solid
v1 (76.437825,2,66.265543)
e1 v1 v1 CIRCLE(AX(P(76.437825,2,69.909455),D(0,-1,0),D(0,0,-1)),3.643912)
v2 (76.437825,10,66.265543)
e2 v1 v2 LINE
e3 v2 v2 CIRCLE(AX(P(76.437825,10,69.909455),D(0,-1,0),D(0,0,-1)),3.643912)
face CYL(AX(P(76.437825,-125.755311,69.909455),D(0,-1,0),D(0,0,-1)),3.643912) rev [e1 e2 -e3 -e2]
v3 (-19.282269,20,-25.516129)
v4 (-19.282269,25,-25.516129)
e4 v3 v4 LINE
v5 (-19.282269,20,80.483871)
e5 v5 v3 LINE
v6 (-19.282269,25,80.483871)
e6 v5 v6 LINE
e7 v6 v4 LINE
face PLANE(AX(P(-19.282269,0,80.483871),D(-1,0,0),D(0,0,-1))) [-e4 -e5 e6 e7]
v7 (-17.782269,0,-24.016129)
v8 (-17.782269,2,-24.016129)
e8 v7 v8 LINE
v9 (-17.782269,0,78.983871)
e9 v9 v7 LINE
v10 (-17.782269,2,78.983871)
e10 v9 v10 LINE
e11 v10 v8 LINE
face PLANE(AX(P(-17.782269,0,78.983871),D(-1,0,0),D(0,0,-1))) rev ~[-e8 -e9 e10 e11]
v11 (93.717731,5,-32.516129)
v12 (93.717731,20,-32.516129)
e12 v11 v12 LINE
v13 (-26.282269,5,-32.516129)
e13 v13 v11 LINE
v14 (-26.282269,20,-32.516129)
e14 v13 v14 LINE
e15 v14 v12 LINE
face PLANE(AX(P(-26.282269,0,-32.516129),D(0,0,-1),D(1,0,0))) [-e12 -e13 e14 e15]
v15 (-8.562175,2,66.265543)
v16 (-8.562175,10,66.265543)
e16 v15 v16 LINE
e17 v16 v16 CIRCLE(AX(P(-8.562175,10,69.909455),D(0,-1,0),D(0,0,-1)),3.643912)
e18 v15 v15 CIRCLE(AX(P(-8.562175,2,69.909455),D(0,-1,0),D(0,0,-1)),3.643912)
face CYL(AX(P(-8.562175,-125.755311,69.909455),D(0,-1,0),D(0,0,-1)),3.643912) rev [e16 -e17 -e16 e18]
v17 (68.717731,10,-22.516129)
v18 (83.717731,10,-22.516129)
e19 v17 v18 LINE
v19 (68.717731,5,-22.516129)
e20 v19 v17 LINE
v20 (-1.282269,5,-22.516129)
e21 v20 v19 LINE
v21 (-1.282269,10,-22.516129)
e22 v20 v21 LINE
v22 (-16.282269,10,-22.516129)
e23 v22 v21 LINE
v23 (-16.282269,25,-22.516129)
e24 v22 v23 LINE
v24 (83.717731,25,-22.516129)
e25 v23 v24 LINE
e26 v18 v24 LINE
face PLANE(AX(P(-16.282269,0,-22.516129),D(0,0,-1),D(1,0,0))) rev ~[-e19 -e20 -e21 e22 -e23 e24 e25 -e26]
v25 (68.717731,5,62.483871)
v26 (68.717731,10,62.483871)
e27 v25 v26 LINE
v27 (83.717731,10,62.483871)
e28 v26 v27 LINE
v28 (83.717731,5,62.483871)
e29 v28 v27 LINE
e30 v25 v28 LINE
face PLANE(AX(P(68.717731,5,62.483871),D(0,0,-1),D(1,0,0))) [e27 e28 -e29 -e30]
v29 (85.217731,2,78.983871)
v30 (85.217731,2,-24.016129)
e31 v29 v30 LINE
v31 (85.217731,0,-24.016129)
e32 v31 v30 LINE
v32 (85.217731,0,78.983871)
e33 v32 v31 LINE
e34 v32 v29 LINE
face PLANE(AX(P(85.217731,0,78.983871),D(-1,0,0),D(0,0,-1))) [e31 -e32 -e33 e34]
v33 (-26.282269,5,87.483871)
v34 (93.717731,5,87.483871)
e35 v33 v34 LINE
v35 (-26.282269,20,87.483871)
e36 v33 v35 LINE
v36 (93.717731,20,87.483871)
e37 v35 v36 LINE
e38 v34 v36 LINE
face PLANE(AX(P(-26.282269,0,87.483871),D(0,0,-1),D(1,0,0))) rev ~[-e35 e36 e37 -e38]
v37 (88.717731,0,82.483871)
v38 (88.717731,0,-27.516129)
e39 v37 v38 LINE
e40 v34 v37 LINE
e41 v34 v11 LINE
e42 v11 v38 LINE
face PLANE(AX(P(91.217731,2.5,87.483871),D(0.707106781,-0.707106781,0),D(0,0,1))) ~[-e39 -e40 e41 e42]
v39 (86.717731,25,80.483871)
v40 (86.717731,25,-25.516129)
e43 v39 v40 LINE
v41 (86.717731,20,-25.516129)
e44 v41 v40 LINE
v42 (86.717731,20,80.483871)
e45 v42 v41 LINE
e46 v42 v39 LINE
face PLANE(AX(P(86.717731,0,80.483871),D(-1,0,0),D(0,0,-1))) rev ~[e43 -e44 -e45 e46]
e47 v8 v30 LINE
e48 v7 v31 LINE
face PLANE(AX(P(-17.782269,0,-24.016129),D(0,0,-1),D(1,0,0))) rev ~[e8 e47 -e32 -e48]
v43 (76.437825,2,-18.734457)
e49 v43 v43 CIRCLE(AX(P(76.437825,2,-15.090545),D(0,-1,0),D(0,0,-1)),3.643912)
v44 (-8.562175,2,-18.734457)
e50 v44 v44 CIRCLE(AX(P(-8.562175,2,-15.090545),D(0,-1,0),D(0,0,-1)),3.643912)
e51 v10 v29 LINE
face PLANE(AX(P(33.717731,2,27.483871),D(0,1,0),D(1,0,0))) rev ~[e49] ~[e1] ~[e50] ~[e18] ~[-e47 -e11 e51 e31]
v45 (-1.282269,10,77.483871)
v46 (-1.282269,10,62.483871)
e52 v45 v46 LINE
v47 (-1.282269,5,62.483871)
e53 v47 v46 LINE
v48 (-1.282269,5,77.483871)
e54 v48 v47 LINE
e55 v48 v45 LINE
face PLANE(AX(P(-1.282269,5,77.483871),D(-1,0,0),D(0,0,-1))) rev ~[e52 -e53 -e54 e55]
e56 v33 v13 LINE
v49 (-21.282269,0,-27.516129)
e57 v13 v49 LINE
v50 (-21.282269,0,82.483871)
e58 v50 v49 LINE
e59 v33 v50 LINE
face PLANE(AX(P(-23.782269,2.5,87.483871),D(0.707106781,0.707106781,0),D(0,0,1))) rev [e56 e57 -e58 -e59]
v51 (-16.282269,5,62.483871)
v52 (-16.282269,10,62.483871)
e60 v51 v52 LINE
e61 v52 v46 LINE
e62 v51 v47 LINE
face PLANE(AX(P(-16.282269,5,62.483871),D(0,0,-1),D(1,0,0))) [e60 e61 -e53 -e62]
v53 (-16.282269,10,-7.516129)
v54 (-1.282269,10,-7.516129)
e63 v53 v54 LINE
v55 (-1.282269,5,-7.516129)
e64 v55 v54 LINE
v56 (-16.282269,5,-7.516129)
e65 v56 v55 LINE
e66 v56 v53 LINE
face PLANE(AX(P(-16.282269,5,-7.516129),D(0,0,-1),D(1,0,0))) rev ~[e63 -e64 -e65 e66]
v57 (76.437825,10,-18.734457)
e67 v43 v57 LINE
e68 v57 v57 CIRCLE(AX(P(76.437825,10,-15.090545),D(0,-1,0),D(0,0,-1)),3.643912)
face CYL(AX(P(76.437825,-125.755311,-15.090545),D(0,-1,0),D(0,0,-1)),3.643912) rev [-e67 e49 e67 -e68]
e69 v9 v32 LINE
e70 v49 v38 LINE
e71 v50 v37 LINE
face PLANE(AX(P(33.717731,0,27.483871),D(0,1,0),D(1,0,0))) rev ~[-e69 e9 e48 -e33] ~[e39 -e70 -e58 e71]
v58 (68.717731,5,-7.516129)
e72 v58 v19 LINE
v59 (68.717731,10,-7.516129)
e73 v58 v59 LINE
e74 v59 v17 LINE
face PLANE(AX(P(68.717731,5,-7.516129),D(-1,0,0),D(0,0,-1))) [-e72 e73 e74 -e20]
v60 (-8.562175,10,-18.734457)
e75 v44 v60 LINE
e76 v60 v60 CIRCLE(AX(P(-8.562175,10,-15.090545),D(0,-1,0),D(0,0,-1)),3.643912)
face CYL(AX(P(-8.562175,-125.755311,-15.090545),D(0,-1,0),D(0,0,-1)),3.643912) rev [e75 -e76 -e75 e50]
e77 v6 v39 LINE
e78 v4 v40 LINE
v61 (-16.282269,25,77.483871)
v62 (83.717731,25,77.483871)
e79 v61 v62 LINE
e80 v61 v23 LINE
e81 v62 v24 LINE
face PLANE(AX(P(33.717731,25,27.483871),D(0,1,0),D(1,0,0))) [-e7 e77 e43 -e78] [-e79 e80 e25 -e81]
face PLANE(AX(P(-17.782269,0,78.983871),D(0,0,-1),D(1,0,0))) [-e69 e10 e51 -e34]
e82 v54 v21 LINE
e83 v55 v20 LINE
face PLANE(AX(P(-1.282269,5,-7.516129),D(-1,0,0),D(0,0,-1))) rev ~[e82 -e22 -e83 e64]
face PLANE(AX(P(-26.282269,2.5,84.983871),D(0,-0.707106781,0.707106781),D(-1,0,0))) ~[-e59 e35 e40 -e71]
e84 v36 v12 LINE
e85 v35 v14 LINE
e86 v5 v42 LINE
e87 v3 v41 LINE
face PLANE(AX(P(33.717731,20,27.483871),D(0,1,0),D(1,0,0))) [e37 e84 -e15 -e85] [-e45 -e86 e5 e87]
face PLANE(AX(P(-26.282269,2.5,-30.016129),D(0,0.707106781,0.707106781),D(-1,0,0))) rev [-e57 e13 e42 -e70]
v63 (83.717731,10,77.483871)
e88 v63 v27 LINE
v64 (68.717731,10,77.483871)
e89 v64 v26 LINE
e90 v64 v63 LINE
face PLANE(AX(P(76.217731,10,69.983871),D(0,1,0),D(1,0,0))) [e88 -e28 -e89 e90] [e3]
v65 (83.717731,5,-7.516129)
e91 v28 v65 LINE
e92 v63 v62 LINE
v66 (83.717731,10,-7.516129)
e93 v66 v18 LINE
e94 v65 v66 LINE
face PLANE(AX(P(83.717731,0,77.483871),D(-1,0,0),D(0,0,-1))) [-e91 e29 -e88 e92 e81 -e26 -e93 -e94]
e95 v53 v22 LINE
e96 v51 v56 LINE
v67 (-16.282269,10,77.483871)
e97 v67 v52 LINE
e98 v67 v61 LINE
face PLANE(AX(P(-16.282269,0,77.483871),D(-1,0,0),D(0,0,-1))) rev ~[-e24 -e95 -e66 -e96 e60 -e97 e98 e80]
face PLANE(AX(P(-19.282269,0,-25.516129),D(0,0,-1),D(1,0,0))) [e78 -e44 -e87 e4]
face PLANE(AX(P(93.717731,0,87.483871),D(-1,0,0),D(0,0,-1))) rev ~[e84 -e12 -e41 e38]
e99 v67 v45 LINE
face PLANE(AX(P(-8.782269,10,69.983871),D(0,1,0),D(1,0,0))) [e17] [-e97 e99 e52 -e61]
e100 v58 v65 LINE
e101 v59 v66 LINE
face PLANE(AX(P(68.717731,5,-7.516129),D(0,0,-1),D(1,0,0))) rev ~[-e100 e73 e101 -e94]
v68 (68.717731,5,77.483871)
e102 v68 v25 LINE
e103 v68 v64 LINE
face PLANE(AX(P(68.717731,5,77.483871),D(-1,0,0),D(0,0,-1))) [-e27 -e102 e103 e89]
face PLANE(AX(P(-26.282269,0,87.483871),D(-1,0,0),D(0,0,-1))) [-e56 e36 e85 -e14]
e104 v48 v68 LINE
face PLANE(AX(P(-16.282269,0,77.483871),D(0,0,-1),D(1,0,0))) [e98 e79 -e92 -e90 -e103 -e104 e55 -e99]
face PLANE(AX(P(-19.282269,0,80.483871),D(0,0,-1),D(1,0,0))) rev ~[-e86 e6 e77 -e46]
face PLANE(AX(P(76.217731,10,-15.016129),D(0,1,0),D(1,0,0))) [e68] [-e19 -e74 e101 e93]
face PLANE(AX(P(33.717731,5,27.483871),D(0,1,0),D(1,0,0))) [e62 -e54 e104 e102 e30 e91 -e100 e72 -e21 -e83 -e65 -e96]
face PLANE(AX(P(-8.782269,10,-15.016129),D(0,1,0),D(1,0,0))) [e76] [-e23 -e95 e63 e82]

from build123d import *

# Parameters (mm, degrees)
SKETCH1_W               = 120
SKETCH1_H               = 120
SKETCH1_W_2             = 106
SKETCH1_H_2             = 106
BOSS_EXTRUDE1_DEPTH     = 20
SKETCH1_4_W             = 106
SKETCH1_4_H             = 106
SKETCH1_4_W_2           = 100
SKETCH1_4_H_2           = 100
BOSS_EXTRUDE2_DEPTH     = 25
SKETCH1_5_W             = 100
SKETCH1_5_H             = 100
BOSS_EXTRUDE3_DEPTH     = 5
SKETCH1_7_W             = 103
SKETCH1_7_H             = 103
CUT_EXTRUDE1_DEPTH      = 2
SKETCH2_W               = 15
SKETCH2_H               = 15
BOSS_EXTRUDE5_DEPTH     = 5
CUT_EXTRUDE7_DEPTH      = 112
CUT_EXTRUDE7_DEPTH_BACK = 130.755311173
SKETCH8_R               = 3.643912303
CHAMFER1_SIZE           = 5


with BuildPart() as part:
    # Sketch1 → Boss-Extrude1 (new body)
    with BuildSketch(Plane(origin=(0, 0, 0), x_dir=(1, 0, 0), z_dir=(0, 1, 0))):
        with Locations((33.717730969, -27.483870968)):
            Rectangle(SKETCH1_W, SKETCH1_H)
        with Locations((33.717730969, -27.483870968)):
            Rectangle(SKETCH1_W_2, SKETCH1_H_2, mode=Mode.SUBTRACT)
    extrude(amount=BOSS_EXTRUDE1_DEPTH)

    # Sketch1<4> → Boss-Extrude2 (add)
    with BuildSketch(Plane(origin=(0, 0, 0), x_dir=(1, 0, 0), z_dir=(0, 1, 0))):
        with Locations((33.717730969, -27.483870968)):
            Rectangle(SKETCH1_4_W, SKETCH1_4_H)
        with Locations((33.717730969, -27.483870968)):
            Rectangle(SKETCH1_4_W_2, SKETCH1_4_H_2, mode=Mode.SUBTRACT)
    extrude(amount=BOSS_EXTRUDE2_DEPTH)

    # Sketch1<5> → Boss-Extrude3 (add)
    with BuildSketch(Plane(origin=(0, 0, 0), x_dir=(1, 0, 0), z_dir=(0, 1, 0))):
        with Locations((33.717730969, -27.483870968)):
            Rectangle(SKETCH1_5_W, SKETCH1_5_H)
    extrude(amount=BOSS_EXTRUDE3_DEPTH)

    # Sketch1<7> → Cut-Extrude1 (cut)
    with BuildSketch(Plane(origin=(0, 0, 0), x_dir=(1, 0, 0), z_dir=(0, 1, 0))):
        with Locations((33.717730969, -27.483870968)):
            Rectangle(SKETCH1_7_W, SKETCH1_7_H)
    extrude(amount=CUT_EXTRUDE1_DEPTH, mode=Mode.SUBTRACT)

    # Sketch2 → Boss-Extrude5 (add)
    with BuildSketch(Plane(origin=(0, 5, 0), x_dir=(1, 0, 0), z_dir=(0, 1, 0))):
        with Locations((76.217730969, 15.016129032)):
            Rectangle(SKETCH2_W, SKETCH2_H)
        with Locations((-8.782269031, 15.016129032)):
            Rectangle(SKETCH2_W, SKETCH2_H)
        with Locations((-8.782269031, -69.983870968)):
            Rectangle(SKETCH2_W, SKETCH2_H)
        with Locations((76.217730969, -69.983870968)):
            Rectangle(SKETCH2_W, SKETCH2_H)
    extrude(amount=BOSS_EXTRUDE5_DEPTH)

    # Sketch8 → Cut-Extrude7 (cut, two sides: drawn at the far end of the back side and taken through both)
    with BuildSketch(Plane(origin=(0, 5, 0), x_dir=(1, 0, 0), z_dir=(0, 1, 0)).offset(-CUT_EXTRUDE7_DEPTH_BACK)):
        with Locations((-8.562175079, 15.090544671)):
            Circle(SKETCH8_R)
        with Locations((76.437824921, 15.090544671)):
            Circle(SKETCH8_R)
        with Locations((-8.562175079, -69.909455329)):
            Circle(SKETCH8_R)
        with Locations((76.437824921, -69.909455329)):
            Circle(SKETCH8_R)
    extrude(amount=CUT_EXTRUDE7_DEPTH + CUT_EXTRUDE7_DEPTH_BACK, mode=Mode.SUBTRACT)

    # Chamfer1
    chamfer1_edges = [part.edges().sort_by_distance(p)[0] for p in [
        (-26.282269031, 0, 27.483870968),
        (33.717730969, 0, 87.483870968),
        (93.717730969, 0, 27.483870968),
        (33.717730969, 0, -32.516129032),
    ]]
    chamfer(chamfer1_edges, length=CHAMFER1_SIZE)


solid = part.part
